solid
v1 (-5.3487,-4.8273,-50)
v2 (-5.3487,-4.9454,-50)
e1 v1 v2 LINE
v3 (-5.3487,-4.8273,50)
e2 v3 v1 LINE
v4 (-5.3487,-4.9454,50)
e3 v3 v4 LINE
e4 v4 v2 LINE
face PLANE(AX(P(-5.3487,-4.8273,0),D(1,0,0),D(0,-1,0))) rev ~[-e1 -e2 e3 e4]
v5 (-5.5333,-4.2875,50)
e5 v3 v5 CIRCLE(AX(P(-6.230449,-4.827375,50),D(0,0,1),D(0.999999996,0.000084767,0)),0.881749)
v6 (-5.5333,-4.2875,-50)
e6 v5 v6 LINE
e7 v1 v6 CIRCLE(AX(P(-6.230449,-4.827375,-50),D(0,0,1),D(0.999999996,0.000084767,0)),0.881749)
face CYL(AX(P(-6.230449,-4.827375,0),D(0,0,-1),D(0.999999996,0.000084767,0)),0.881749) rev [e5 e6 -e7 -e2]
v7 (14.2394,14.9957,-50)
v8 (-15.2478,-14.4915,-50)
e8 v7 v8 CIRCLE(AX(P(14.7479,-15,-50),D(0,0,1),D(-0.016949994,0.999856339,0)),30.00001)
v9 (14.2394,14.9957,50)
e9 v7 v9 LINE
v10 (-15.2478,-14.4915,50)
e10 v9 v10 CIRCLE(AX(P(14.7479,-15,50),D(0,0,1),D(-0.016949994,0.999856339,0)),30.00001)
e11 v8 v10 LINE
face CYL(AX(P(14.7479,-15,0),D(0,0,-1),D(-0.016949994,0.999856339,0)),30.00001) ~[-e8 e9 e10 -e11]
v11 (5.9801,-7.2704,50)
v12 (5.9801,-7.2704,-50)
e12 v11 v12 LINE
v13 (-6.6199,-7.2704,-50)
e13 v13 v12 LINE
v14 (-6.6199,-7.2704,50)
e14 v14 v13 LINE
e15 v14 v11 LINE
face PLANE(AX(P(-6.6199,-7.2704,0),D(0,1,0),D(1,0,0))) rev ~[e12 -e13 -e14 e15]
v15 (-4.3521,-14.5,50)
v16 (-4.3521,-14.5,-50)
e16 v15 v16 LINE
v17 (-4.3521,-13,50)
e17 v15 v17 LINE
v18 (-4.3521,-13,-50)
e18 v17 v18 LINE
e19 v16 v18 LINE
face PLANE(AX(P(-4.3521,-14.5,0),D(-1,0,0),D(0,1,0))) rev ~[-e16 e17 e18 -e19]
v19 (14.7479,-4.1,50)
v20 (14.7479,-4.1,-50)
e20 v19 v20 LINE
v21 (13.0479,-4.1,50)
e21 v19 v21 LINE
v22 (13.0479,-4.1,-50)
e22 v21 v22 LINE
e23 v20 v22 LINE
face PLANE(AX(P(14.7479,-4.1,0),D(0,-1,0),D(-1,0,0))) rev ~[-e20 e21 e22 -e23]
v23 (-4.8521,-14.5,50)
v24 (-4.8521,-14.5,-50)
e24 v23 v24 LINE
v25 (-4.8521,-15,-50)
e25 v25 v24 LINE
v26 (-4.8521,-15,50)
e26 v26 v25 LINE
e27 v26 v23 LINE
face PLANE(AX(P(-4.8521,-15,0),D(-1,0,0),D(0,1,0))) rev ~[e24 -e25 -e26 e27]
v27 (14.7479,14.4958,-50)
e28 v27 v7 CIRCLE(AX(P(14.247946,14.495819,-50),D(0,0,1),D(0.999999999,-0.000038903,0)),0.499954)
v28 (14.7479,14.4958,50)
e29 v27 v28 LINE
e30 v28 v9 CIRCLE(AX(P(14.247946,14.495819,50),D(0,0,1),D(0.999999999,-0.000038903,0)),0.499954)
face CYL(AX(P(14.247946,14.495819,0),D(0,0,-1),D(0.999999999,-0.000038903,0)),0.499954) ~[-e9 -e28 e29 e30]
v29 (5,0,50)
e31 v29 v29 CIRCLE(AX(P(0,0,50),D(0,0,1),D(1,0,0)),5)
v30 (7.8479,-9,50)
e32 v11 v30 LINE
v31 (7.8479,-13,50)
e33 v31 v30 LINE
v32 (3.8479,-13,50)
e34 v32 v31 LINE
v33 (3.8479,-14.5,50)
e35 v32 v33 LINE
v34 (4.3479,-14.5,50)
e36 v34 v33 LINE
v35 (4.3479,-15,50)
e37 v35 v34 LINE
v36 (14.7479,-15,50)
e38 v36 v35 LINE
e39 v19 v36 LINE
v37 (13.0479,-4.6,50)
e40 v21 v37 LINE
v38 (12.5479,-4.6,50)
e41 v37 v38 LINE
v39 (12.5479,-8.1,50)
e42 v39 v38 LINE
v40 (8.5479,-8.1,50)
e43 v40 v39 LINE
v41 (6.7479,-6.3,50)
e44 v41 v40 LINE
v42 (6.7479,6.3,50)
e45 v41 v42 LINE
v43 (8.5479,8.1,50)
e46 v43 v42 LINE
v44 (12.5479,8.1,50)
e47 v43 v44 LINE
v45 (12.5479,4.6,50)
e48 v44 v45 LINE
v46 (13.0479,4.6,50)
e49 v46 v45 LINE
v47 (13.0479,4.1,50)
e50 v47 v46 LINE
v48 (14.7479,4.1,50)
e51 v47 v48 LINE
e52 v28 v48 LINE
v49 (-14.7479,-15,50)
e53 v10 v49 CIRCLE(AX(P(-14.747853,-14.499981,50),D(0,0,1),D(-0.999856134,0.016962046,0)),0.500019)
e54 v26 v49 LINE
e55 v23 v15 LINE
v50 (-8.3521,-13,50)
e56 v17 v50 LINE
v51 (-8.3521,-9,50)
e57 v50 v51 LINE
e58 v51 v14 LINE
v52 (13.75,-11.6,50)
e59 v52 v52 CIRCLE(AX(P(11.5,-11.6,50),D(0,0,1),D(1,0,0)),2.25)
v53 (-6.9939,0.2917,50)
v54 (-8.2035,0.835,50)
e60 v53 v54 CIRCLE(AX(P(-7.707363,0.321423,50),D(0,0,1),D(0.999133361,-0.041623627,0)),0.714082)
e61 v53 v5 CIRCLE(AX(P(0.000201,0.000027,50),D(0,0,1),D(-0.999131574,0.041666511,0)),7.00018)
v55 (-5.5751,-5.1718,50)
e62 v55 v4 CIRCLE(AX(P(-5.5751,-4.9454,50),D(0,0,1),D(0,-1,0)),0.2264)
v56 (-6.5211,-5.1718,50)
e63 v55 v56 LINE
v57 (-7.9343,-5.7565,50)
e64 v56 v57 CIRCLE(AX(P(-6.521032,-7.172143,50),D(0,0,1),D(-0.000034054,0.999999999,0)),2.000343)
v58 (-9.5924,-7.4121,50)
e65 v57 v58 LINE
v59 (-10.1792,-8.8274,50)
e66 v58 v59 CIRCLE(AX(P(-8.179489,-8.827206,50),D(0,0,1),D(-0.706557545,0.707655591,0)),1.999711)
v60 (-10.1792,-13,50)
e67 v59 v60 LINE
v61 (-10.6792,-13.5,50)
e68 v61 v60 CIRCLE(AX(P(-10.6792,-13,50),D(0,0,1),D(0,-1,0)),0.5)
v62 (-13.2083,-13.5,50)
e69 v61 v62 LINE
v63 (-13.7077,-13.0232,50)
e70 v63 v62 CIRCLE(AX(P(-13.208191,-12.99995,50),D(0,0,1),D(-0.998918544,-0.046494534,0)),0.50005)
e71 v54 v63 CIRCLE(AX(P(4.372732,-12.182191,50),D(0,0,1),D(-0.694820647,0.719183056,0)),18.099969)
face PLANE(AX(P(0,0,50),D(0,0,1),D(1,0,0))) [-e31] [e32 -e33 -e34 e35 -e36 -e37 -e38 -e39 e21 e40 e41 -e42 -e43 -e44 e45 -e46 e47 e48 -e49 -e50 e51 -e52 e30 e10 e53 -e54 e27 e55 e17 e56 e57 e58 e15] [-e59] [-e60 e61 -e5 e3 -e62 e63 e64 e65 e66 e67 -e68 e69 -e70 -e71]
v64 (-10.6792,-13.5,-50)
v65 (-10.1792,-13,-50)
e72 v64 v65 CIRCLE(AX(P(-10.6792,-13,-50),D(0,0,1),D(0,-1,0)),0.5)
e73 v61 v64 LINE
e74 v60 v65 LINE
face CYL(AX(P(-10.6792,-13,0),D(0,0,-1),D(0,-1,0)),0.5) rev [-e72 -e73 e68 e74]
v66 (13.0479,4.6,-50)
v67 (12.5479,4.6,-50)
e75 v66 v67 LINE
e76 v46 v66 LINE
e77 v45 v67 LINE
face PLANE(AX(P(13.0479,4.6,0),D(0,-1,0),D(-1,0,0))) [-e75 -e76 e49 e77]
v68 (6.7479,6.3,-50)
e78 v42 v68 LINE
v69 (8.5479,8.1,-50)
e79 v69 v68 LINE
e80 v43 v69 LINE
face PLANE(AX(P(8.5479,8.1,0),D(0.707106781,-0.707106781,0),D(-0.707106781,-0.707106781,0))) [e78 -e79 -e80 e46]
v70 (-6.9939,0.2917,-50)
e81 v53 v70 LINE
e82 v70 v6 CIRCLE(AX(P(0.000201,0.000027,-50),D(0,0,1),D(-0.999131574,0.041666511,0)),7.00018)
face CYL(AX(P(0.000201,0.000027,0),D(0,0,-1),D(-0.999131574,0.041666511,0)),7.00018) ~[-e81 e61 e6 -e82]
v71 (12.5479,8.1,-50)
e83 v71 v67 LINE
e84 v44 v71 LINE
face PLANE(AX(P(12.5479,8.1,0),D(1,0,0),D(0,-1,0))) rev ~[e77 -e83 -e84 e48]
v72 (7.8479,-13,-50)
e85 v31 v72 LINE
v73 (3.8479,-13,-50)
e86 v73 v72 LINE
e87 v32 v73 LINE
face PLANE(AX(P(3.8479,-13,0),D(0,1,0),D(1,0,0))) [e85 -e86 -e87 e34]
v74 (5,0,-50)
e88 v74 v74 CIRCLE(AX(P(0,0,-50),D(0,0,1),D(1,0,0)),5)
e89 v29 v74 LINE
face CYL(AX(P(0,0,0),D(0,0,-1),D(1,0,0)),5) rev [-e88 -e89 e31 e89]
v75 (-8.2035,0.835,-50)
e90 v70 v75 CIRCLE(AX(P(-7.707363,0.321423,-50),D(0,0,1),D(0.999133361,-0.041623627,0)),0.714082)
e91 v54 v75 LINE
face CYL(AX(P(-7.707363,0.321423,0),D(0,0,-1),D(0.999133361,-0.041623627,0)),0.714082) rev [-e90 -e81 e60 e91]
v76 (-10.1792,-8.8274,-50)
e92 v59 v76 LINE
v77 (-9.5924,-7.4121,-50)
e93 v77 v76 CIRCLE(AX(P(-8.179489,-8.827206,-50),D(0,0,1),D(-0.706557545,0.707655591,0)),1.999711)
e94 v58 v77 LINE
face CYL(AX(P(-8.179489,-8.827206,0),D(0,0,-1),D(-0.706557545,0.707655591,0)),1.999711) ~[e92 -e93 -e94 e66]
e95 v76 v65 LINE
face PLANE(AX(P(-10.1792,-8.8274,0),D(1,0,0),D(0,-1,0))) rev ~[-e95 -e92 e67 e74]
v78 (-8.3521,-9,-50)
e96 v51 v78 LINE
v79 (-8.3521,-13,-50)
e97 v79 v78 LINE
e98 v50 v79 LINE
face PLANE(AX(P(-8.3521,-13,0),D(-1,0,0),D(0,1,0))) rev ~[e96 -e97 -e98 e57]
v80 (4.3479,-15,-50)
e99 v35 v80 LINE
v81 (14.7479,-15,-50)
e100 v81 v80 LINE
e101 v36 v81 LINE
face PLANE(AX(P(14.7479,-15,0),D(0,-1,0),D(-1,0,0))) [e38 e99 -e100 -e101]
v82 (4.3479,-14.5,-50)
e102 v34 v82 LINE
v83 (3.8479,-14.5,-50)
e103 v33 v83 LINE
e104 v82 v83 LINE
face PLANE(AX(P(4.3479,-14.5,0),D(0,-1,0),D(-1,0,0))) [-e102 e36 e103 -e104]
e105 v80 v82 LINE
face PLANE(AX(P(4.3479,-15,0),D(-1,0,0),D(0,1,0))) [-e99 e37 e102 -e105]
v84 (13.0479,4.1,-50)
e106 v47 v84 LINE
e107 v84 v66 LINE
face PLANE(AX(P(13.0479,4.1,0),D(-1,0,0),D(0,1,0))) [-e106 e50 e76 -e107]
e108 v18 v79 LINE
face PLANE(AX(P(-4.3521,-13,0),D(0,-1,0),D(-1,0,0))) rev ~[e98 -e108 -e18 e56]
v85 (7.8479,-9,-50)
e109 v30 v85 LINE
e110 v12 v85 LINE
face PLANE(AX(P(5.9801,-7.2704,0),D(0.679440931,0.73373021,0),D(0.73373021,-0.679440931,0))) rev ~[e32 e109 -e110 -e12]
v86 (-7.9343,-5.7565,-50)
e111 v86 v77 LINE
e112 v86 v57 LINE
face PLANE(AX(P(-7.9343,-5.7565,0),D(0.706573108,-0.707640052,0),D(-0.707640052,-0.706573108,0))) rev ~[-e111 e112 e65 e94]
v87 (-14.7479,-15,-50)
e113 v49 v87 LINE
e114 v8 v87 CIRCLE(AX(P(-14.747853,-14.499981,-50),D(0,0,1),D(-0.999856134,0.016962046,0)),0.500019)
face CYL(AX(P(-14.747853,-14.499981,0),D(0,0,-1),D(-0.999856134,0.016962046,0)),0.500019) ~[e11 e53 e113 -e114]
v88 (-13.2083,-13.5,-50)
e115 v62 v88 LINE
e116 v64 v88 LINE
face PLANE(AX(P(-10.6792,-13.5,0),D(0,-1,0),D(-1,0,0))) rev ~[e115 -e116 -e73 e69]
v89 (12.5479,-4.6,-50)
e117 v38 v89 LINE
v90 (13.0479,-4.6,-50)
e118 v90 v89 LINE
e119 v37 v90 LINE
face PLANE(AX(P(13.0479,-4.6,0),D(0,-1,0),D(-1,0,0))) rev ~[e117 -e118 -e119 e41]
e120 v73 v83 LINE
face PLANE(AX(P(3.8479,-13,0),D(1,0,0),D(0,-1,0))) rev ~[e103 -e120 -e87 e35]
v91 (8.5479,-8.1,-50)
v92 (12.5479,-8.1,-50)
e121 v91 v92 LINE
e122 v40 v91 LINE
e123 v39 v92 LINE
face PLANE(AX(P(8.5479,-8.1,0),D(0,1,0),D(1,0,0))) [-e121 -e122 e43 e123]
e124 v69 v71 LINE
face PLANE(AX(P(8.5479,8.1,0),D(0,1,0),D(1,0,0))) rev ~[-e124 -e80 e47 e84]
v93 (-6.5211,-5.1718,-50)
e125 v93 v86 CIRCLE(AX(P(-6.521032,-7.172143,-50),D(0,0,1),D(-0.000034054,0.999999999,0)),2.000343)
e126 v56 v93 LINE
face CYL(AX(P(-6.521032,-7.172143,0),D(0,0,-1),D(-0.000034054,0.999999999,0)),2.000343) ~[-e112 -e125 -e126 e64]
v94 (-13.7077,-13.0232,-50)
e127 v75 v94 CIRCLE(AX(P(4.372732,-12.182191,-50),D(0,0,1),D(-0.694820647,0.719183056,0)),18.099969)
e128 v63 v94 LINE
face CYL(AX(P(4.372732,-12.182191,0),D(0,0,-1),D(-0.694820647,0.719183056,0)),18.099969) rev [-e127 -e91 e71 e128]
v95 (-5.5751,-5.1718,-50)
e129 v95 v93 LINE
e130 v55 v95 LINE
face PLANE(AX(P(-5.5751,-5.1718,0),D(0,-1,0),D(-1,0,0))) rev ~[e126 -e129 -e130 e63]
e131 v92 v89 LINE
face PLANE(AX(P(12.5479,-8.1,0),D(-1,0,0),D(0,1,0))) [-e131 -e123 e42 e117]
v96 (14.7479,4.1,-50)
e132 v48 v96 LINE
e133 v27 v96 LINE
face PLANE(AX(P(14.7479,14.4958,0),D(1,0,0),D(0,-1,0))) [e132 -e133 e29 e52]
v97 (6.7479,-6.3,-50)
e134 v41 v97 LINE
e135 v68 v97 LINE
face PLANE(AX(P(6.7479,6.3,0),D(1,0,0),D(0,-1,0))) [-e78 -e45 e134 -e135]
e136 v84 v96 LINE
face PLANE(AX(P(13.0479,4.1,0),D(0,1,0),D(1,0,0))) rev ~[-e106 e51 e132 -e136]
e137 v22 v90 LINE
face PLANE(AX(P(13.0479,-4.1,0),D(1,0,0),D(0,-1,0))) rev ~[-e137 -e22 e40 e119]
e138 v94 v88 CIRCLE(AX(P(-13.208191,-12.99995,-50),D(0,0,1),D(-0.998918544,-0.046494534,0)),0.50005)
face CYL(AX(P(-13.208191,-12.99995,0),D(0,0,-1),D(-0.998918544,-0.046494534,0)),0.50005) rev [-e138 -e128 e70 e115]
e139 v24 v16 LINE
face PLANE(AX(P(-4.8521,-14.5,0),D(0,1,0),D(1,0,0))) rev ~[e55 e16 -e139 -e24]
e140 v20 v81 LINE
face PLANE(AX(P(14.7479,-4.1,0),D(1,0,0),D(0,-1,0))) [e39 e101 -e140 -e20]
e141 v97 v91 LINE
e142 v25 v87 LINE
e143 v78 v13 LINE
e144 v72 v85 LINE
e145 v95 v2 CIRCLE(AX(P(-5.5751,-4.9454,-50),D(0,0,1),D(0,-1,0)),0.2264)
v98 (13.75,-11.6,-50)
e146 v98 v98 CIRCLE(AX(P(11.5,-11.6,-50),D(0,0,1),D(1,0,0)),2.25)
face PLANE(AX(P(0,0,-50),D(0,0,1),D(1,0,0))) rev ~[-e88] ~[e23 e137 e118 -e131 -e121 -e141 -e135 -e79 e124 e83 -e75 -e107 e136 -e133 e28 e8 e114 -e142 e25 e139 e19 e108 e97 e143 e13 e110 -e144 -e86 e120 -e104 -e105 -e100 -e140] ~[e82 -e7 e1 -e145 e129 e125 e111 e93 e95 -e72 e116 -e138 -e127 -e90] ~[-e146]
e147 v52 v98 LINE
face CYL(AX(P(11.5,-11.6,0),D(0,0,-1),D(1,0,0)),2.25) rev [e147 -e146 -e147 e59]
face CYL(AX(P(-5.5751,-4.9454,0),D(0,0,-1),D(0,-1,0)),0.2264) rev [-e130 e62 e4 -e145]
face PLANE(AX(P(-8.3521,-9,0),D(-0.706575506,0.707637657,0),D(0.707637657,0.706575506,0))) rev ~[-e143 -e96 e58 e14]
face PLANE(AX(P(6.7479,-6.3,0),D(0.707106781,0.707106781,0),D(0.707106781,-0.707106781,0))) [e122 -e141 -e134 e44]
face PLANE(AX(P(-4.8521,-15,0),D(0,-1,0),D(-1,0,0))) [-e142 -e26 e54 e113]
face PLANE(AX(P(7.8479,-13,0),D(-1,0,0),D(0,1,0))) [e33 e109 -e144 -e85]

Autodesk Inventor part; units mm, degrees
ref_plane "YZ Plane" through (0, 0, 0) normal (1, 0, 0) x (0, 1, 0)
ref_plane "XZ Plane" through (0, 0, 0) normal (0, 1, 0) x (-1, 0, 0)
ref_plane "XY Plane" through (0, 0, 0) normal (0, 0, 1) x (1, 0, 0)
sketch "Sketch1" plane through (0, 0, 0) normal (0, 0, 1) x (1, 0, 0)
  line L0 (-14.7479, -15) -> (14.7479, -15) construction
  circle A0 centre (0, 0) radius 5
  line L1 (14.7479, 0) -> (14.7479, 4.1) construction
  line L2 (12.5479, 4.1) -> (14.7479, 4.1) construction
  line L3 (28.5, 15) -> (28.5, -15) construction
  line L4 (14.7479, 14.4958) -> (14.7479, 4.1)
  line L5 (6.7479, 15) -> (14.7479, 15) construction
  line L6 (12.5479, 8.1) -> (12.5479, 4.1) construction
  line L7 (8.5479, 8.1) -> (12.5479, 8.1)
  line L8 (6.7479, 15) -> (6.7479, -13) construction
  line L9 (8.5479, 8.1) -> (6.7479, 6.3)
  line L10 (6.7479, 6.3) -> (6.7479, 0)
  line L11 (6.7479, 0) -> (6.7479, -6.3)
  line L12 (6.7479, -6.3) -> (8.5479, -8.1)
  line L13 (8.5479, -8.1) -> (12.5479, -8.1)
  line L14 (12.5479, -4.1) -> (12.5479, -8.1) construction
  line L15 (12.5479, -4.1) -> (14.7479, -4.1) construction
  line L16 (14.7479, -4.1) -> (14.7479, -15)
  circle A1 centre (11.5, -11.6) radius 2.25
  line L17 (14.7479, -15) -> (3.8479, -15) construction
  line L18 (3.8479, -15) -> (3.8479, -13) construction
  line L19 (3.8479, -13) -> (7.8479, -13)
  line L20 (7.8479, -13) -> (7.8479, -9)
  line L21 (5.9801, -7.2704) -> (7.8479, -9)
  arc A2 (14.2394, 14.9957) -> (-15.2478, -14.4915) centre (14.7479, -15) ccw
  line L22 (-15.2521, -15) -> (-4.3521, -15) construction
  line L23 (-4.3521, -15) -> (-4.3521, -13) construction
  line L24 (-4.3521, -13) -> (-8.3521, -13)
  line L25 (-8.3521, -13) -> (-8.3521, -9)
  line L26 (-6.6199, -7.2704) -> (5.9801, -7.2704)
  line L27 (-8.3521, -9) -> (-6.6199, -7.2704)
  line L28 (-4.3521, -15) -> (-4.8521, -15) construction
  line L29 (-4.8521, -15) -> (-4.8521, -14.5)
  line L30 (-4.8521, -14.5) -> (-4.3521, -14.5)
  line L31 (-4.3521, -14.5) -> (-4.3521, -15) construction
  line L32 (-4.3521, -14.5) -> (-4.3521, -13)
  line L33 (-4.8521, -15) -> (-15.2521, -15)
  line L34 (12.5479, 4.1) -> (13.0479, 4.1) construction
  line L35 (13.0479, 4.1) -> (13.0479, 4.6)
  line L36 (13.0479, 4.6) -> (12.5479, 4.6)
  line L37 (12.5479, 4.6) -> (12.5479, 4.1) construction
  line L38 (12.5479, 8.1) -> (12.5479, 4.6)
  line L39 (13.0479, 4.1) -> (14.7479, 4.1)
  line L40 (12.5479, -4.1) -> (13.0479, -4.1) construction
  line L41 (13.0479, -4.1) -> (13.0479, -4.6)
  line L42 (13.0479, -4.6) -> (12.5479, -4.6)
  line L43 (12.5479, -4.6) -> (12.5479, -4.1) construction
  line L44 (14.7479, -4.1) -> (13.0479, -4.1)
  line L45 (12.5479, -8.1) -> (12.5479, -4.6)
  line L46 (3.8479, -15) -> (4.3479, -15) construction
  line L47 (4.3479, -15) -> (4.3479, -14.5)
  line L48 (4.3479, -14.5) -> (3.8479, -14.5)
  line L49 (3.8479, -14.5) -> (3.8479, -15) construction
  line L50 (3.8479, -13) -> (3.8479, -14.5)
  line L51 (14.7479, -15) -> (4.3479, -15)
  circle A3 centre (0, 0) radius 7 construction
  line L52 (-7.9343, -5.7565) -> (-9.5924, -7.4121)
  line L53 (-6.5211, -5.1718) -> (-5.3487, -5.1718) construction
  line L54 (-5.3487, -5.1718) -> (-5.3487, -4.5157) construction
  line L55 (-10.1792, -8.8274) -> (-10.1792, -13)
  arc A4 (-6.655, 2.1705) -> (-5.3487, -4.5157) centre (0, 0) ccw construction
  line L56 (-10.6792, -13.5) -> (-13.2083, -13.5)
  arc A5 (-9.5924, -7.4121) -> (-10.1792, -8.8274) centre (-8.1792, -8.8274) ccw
  arc A6 (-6.5211, -5.1718) -> (-7.9343, -5.7565) centre (-6.5211, -7.1718) ccw
  arc A7 (-6.655, 2.1705) -> (-13.7077, -13.0232) centre (4.3732, -12.1825) ccw construction
  arc A8 (-6.9939, 0.2917) -> (-8.2035, 0.835) centre (-7.7074, 0.3214) ccw
  arc A9 (-6.9939, 0.2917) -> (-5.3487, -4.5157) centre (0, 0) ccw construction
  arc A10 (-8.2035, 0.835) -> (-13.6792, -13.5) centre (4.3732, -12.1825) ccw
  arc A11 (-13.7077, -13.0232) -> (-13.2083, -13.5) centre (-13.2083, -13) ccw
  arc A12 (-10.6792, -13.5) -> (-10.1792, -13) centre (-10.6792, -13) ccw
  arc A13 (-15.2478, -14.4915) -> (-14.7479, -15) centre (-14.7479, -14.5) ccw
  arc A14 (14.7479, 14.4958) -> (14.2394, 14.9957) centre (14.2479, 14.4958) ccw
  arc A15 (-5.3487, -4.8273) -> (-5.5333, -4.2875) centre (-6.23, -4.8273) ccw construction
  arc A16 (-5.5751, -5.1718) -> (-5.3487, -4.9454) centre (-5.5751, -4.9454) ccw construction
  arc A17 (-6.9939, 0.2917) -> (-5.5333, -4.2875) centre (0, 0) ccw
  arc A18 (-5.3487, -4.8273) -> (-5.5333, -4.2875) centre (-6.23, -4.8273) ccw
  arc A19 (-5.5751, -5.1718) -> (-5.3487, -4.9454) centre (-5.5751, -4.9454) ccw
  line L57 (-5.3487, -4.8273) -> (-5.3487, -4.9454)
  line L58 (-5.5751, -5.1718) -> (-6.5211, -5.1718)
  point P0 (0, -15)
  point P1 (28.5, 0)
  point P2 (14.7479, -15)
  point P3 (-10.1792, -7.9981)
  point P4 (-7.3487, -5.1718)
  point P5 (-10.1792, -13.5)
  point P6 (-9.8021, -15)
  point P7 (-14.7479, -15)
  point P8 (-13.7077, -13.0232)
  dimension "d0" = 30
  dimension "d2" = 10
  dimension "d3" = 4.1
  dimension "d4" = 2.2
  dimension "d5" = 30
  dimension "d6" = 28.5
  dimension "d7" = 8
  dimension "d8" = 4
  dimension "d9" = 28
  dimension "d10" = 45
  dimension "inner_width" = 6.3
  dimension "d12" = 6.3
  dimension "d13" = 45
  dimension "d15" = 4.5
  dimension "d16" = 11.5
  dimension "d17" = 3.5
  dimension "d18" = 2
  dimension "d19" = 4
  dimension "d20" = 4
  dimension "d21" = 2.2
  dimension "d22" = 30
  dimension "d23" = 10.9
  dimension "d24" = 12.6
  dimension "d25" = 0.5
  dimension "d26" = 0.5
  dimension "d27" = 0.5
  dimension "d28" = 0.5
  dimension "d31" = 2
  dimension "d32" = 4
  dimension "d33" = 2
  dimension "d34" = 2
  dimension "d35" = 0.6561
  dimension "d36" = 1.5
  dimension "d37" = 2
  dimension "d38" = 3.5
  dimension "d39" = 18.1005
  dimension "d40" = 2.8175
  dimension "d41" = 0.7141
  dimension "d42" = 0.5
  dimension "d43" = 0.8813
  dimension "d44" = 0.2265
extrude "Extrusion2" add sketch "Sketch1" along normal mid plane 100
equation "\"d12\" = inner_width"
properties part number "profile_30x30_R90"
